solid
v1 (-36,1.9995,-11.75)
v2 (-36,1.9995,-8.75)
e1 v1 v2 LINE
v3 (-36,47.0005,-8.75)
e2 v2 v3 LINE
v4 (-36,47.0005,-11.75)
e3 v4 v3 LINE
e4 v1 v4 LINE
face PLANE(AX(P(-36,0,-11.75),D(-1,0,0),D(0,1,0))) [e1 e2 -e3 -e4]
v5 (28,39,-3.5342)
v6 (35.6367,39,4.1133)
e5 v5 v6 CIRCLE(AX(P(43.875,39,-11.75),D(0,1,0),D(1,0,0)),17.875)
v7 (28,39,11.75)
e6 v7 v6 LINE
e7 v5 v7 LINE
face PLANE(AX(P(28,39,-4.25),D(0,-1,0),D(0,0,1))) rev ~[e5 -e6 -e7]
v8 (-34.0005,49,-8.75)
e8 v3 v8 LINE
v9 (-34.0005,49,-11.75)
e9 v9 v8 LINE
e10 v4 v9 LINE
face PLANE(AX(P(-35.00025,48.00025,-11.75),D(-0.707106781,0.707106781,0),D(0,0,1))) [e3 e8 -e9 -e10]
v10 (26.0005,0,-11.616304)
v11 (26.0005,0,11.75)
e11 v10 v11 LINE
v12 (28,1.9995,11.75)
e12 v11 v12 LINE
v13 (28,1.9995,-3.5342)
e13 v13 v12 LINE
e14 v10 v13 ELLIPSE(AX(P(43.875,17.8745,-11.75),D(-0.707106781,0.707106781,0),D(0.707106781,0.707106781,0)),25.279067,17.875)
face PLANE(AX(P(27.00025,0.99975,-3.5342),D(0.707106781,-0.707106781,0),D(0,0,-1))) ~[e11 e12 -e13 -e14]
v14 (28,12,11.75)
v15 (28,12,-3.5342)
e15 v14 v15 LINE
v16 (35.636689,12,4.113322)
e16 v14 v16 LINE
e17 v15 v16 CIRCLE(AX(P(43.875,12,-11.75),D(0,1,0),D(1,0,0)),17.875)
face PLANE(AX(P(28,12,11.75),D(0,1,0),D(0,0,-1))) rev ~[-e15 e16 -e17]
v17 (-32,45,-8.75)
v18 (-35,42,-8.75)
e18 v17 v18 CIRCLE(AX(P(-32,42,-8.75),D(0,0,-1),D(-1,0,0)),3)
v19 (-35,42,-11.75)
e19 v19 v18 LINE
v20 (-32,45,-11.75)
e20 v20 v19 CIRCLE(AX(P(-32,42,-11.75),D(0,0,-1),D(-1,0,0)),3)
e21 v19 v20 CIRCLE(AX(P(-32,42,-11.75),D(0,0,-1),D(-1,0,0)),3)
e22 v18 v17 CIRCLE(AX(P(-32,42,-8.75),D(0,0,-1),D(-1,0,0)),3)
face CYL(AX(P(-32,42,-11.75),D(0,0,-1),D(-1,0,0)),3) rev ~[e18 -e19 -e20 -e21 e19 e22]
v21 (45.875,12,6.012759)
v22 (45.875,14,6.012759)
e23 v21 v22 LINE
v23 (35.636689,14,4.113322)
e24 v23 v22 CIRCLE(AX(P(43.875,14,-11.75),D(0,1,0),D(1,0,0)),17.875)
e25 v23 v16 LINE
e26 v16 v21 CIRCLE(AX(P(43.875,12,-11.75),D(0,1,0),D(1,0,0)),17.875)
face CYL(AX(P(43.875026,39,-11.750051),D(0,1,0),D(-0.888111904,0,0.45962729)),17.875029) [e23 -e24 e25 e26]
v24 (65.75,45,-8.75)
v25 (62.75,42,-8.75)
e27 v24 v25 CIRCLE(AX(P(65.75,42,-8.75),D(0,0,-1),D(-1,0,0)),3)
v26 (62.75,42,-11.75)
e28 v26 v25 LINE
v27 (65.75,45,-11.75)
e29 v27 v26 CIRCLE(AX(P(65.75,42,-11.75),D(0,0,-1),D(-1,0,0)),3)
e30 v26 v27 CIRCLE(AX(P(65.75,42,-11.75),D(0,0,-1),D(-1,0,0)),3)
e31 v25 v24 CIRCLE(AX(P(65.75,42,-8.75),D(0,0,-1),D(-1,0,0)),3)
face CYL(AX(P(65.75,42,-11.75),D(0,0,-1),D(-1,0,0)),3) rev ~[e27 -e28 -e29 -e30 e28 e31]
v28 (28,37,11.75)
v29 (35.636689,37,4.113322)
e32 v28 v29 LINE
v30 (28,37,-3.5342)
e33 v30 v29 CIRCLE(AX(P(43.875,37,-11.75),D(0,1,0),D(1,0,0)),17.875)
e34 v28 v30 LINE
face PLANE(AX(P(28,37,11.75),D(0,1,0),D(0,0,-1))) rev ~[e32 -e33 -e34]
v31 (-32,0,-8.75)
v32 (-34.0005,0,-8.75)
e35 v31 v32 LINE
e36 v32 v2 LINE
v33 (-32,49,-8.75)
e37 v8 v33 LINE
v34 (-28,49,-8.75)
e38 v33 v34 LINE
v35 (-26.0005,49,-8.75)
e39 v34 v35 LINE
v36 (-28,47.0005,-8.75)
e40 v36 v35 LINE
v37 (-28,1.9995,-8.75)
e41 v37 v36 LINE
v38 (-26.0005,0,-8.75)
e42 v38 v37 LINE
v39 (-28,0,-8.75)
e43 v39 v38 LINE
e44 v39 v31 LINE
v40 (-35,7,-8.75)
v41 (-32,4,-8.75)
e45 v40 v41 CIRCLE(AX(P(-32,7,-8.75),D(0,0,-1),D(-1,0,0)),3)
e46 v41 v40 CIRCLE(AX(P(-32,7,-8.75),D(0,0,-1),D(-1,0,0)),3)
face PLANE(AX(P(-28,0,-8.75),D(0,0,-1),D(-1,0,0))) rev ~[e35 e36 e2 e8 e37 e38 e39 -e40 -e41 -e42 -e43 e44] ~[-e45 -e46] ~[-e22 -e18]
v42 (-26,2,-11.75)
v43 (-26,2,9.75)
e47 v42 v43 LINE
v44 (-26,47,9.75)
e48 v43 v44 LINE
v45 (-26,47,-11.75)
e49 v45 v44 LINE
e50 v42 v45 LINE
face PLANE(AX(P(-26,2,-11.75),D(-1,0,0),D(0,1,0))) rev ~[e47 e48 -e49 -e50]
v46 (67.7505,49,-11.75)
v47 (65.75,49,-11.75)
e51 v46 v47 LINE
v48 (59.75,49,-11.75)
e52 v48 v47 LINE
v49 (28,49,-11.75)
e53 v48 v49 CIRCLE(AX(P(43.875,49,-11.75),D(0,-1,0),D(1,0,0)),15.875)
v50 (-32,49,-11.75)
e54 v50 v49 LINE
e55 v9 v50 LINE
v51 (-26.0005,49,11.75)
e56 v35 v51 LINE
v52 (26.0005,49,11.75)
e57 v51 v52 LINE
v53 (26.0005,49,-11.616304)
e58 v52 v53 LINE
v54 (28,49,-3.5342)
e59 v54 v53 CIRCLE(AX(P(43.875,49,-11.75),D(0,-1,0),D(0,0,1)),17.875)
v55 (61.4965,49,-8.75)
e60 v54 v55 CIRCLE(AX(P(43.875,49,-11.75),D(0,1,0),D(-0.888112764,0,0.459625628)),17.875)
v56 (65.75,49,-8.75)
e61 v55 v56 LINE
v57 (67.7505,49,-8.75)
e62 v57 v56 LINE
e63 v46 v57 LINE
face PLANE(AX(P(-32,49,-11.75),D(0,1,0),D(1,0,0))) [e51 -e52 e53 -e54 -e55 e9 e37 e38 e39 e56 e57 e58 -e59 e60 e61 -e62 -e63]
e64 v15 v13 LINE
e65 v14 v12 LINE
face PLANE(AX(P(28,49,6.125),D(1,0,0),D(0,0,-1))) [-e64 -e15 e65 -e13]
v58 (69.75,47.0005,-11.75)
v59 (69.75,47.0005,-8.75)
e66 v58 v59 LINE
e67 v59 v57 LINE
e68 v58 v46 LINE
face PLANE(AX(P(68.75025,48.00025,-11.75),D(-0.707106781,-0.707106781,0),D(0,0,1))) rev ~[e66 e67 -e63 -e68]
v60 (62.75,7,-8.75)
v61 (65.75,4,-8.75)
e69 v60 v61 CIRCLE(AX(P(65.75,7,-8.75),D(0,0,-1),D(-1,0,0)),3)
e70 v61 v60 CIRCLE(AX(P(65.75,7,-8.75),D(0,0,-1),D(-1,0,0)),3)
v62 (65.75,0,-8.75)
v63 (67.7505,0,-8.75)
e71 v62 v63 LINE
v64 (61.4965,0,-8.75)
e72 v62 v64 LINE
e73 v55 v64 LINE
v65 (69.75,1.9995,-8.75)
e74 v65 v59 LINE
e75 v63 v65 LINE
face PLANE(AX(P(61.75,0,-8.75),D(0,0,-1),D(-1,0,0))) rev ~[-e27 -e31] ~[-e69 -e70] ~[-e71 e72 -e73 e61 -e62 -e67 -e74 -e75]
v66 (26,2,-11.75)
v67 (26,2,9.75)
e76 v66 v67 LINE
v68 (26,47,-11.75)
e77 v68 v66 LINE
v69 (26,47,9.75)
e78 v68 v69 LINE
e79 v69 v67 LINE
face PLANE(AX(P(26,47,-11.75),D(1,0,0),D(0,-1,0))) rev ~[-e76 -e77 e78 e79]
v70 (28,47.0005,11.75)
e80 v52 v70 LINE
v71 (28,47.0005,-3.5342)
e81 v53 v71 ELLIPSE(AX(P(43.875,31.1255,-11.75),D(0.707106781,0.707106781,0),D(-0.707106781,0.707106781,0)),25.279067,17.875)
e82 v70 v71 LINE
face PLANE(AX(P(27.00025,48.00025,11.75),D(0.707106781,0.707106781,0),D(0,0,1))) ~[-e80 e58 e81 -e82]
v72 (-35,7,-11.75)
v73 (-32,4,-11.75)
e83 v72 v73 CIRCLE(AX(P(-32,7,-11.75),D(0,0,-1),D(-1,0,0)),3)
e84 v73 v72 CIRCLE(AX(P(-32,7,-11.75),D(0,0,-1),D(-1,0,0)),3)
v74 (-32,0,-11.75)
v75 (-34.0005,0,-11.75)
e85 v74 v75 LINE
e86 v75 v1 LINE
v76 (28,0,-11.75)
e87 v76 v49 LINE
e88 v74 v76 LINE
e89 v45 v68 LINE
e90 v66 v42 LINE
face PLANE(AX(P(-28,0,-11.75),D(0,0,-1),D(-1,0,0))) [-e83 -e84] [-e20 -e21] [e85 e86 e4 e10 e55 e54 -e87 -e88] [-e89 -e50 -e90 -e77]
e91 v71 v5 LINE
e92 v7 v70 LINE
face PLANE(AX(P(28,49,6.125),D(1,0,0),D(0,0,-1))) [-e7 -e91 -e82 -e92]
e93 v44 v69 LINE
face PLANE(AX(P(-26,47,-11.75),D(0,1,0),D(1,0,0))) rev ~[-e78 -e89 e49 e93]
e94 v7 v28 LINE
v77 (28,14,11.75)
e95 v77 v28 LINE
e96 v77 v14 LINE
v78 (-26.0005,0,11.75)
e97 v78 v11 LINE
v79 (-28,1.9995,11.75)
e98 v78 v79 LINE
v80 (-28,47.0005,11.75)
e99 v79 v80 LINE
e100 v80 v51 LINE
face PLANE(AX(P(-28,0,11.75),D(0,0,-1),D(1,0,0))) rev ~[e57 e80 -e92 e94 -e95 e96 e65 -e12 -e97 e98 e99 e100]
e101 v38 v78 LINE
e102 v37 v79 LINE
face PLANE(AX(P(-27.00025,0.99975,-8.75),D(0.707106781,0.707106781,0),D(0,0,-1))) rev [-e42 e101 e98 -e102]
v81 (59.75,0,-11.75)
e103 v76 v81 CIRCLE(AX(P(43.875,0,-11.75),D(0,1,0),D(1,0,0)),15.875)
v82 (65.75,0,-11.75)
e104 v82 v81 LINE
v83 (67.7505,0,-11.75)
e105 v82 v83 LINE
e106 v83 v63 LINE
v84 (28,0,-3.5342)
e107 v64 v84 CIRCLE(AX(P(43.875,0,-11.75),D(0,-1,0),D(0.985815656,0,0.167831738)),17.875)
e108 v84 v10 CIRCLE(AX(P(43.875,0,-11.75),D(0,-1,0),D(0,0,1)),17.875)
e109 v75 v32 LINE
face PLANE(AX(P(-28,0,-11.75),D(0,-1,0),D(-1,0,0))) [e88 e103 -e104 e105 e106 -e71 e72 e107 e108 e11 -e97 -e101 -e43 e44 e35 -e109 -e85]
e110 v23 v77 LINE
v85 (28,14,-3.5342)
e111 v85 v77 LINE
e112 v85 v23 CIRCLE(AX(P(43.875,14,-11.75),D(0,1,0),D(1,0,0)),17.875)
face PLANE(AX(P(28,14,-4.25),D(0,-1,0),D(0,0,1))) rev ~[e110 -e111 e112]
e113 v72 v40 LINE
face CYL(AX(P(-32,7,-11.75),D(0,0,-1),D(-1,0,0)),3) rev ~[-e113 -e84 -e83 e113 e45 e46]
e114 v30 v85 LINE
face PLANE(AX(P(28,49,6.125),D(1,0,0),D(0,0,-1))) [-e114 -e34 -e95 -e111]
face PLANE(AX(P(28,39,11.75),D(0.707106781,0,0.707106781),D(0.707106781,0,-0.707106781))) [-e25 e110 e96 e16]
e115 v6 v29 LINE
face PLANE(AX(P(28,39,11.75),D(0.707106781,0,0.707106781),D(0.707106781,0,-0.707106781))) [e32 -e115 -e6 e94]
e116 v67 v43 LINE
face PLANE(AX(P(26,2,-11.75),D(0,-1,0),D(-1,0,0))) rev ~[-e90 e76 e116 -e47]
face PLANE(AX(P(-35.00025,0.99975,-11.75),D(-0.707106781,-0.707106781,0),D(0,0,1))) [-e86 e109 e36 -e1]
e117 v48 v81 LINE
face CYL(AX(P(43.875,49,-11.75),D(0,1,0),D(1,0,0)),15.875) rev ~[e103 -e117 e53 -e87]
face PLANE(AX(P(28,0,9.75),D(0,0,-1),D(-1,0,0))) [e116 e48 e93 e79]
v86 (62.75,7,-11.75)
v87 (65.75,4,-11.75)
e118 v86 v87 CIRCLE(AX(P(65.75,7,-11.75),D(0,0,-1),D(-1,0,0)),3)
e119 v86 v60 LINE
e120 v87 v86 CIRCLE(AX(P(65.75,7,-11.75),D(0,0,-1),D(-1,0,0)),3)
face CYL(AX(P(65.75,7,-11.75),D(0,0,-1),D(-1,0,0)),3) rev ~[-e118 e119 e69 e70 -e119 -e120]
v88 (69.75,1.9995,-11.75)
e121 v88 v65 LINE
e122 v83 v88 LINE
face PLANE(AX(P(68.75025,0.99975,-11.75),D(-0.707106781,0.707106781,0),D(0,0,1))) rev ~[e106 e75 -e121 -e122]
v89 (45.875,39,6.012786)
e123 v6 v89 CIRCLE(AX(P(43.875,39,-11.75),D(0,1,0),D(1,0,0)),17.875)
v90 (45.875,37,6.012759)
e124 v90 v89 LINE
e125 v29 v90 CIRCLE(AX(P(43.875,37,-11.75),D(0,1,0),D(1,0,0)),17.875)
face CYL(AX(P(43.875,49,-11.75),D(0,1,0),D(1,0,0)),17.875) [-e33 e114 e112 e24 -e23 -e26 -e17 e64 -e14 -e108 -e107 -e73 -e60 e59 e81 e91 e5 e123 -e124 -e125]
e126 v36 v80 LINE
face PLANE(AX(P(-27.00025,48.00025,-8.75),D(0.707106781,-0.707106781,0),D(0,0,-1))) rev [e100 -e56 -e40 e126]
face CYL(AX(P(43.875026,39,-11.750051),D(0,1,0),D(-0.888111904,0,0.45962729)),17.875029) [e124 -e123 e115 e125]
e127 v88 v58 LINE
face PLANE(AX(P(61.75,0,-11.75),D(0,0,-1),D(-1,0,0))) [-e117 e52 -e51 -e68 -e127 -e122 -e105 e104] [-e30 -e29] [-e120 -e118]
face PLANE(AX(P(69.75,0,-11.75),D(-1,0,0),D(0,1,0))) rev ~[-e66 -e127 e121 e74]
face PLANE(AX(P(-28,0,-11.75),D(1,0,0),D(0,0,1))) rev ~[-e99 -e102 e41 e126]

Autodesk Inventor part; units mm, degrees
ref_plane "YZ Plane" through (0, 0, 0) normal (1, 0, 0) x (0, 1, 0)
ref_plane "XZ Plane" through (0, 0, 0) normal (0, 1, 0) x (-1, 0, 0)
ref_plane "XY Plane" through (0, 0, 0) normal (0, 0, 1) x (1, 0, 0)
sketch "Esboço1" plane through (0, 0, 0) normal (0, 1, 0) x (-1, 0, 0)
  line L0 (-28, -11.75) -> (28, -11.75)
  line L1 (28, -11.75) -> (28, 11.75)
  line L2 (28, 11.75) -> (-28, 11.75)
  line L3 (-28, 11.75) -> (-28, -11.75)
  line L4 (-28, -11.75) -> (28, 11.75) construction
  line L5 (28, -11.75) -> (-28, 11.75) construction
  point P0 (0, 0)
  dimension "d0" = 56
  dimension "d1" = 23.5
extrude "Extrusão1" add sketch "Esboço1" along normal blind 49
sketch "Esboço2" plane through (28, 0, -11.75) normal (0, 0, -1) x (-1, 0, 0)
  line L0 (0, 49) -> (56, 49) projected
  line L1 (0, 49) -> (-33.75, 49)
  line L2 (-33.75, 49) -> (-33.75, 0)
  line L3 (0, 0) -> (56, 0) projected
  line L4 (-33.75, 0) -> (0, 0)
  line L5 (0, 0) -> (0, 49)
  point P0 (28, 0)
  dimension "d4" = 33.75
extrude "Extrusão2" add sketch "Esboço2" against normal blind 17.875
sketch "Esboço3" plane through (0, 49, 0) normal (0, 1, 0) x (1, 0, 0)
  line L0 (-28, 11.75) -> (61.75, 11.75) projected
  line L1 (61.75, 11.75) -> (59.75, 11.75)
  line L2 (59.75, 11.75) -> (43.875, 11.75)
  circle A0 centre (43.875, 11.75) radius 15.875
  point P0 (0, 0)
  dimension "d7" = 2
  dimension "d8" = 15.875
extrude "Extrusão3" cut sketch "Esboço3" against normal blind 49
sketch "Esboço4" plane through (61.75, 0, -11.75) normal (0, 0, -1) x (-1, 0, 0)
  line L0 (0, 49) -> (33.75, 49) projected
  line L1 (33.75, 0) -> (0, 0) projected
  line L2 (0, 49) -> (0, 0)
  line L3 (0, 0) -> (-8, 0)
  line L4 (-8, 0) -> (-8, 49)
  line L5 (-8, 49) -> (0, 49)
  line L6 (-4, 0) -> (-4, 7)
  line L7 (-4, 49) -> (-4, 42)
  circle A0 centre (-4, 42) radius 3
  circle A1 centre (-4, 7) radius 3
  point P0 (61.75, 0)
  dimension "d11" = 8
  dimension "d12" = 7
  dimension "d13" = 7
  dimension "d14" = 6
  dimension "d15" = 6
extrude "Extrusão4" add sketch "Esboço4" against normal blind 3
sketch "Esboço5" plane through (0, 49, 0) normal (0, 1, 0) x (1, 0, 0)
  arc A0 (28, 11.75) -> (59.75, 11.75) centre (43.875, 11.75) ccw projected
  circle A1 centre (43.875, 11.75) radius 17.875
  line L0 (61.75, -6.125) -> (28, -6.125) projected
  line L1 (69.75, 8.75) -> (61.75, 8.75) projected
  line L2 (61.75, 8.75) -> (61.4965, 8.75)
  line L3 (61.75, 8.75) -> (61.75, -6.125)
  line L4 (43.875, -6.125) -> (61.75, -6.125)
  line L5 (28, -11.75) -> (28, -6.125) projected
  line L6 (43.875, -6.125) -> (28, -6.125)
  line L7 (28, -6.125) -> (28, 3.5342)
  point P0 (0, 0)
extrude "Extrusão5" cut sketch "Esboço5" against normal blind 49 contours A1 L0 L7 | L2 L3 L0 A1
sketch "Esboço6" plane through (-28, 0, -11.75) normal (0, 0, -1) x (-1, 0, 0)
  line L0 (0, 0) -> (0, 49) projected
  line L1 (0, 49) -> (0, 0)
  line L2 (0, 0) -> (8, 0)
  line L3 (8, 0) -> (8, 49)
  line L4 (8, 49) -> (0, 49)
  line L5 (4, 49) -> (4, 42)
  line L6 (4, 0) -> (4, 7)
  circle A0 centre (4, 7) radius 3
  circle A1 centre (4, 42) radius 3
  point P0 (-28, 0)
  dimension "d20" = 8
  dimension "d21" = 7
  dimension "d22" = 7
  dimension "d23" = 6
  dimension "d24" = 6
extrude "Extrusão6" add sketch "Esboço6" against normal blind 3
sketch "Esboço8" plane through (28, 0, -11.75) normal (0, 0, -1) x (-1, 0, 0)
  line L0 (0, 49) -> (0, 0) projected
  line L1 (0, 49) -> (0, 47)
  line L2 (0, 47) -> (2, 47)
  line L3 (2, 47) -> (2, 2)
  line L4 (2, 47) -> (47, 47) construction
  line L5 (2, 2) -> (54, 2)
  line L6 (2, 2) -> (54, 2) construction
  line L7 (54, 2) -> (54, 47)
  line L8 (54, 47) -> (2, 47)
  point P0 (28, 0)
  dimension "d27" = 2
  dimension "d28" = 2
  dimension "d29" = 45
  dimension "d30" = 90
  dimension "d31" = 52
  dimension "d32" = 0
extrude "Extrusão7" cut sketch "Esboço8" against normal blind 21.5
sketch "Esboço10" plane through (28, 0, 11.75) normal (1, 0, 0) x (0, 0, -1)
  line L0 (0, 0) -> (0, 49) projected
  line L1 (0, 49) -> (0, 37)
  line L2 (0, 0) -> (0, 12)
  line L3 (0, 12) -> (16, 12)
  line L4 (16, 12) -> (16, 14)
  line L5 (16, 14) -> (0, 14)
  line L6 (0, 12) -> (0, 14)
  line L7 (0, 37) -> (16, 37)
  line L8 (16, 37) -> (16, 39)
  line L9 (16, 39) -> (0, 39)
  point P0 (11.75, 0)
  dimension "d38" = 12
  dimension "d41" = 12
  dimension "d42" = 16
  dimension "d43" = 2
  dimension "d44" = 16
  dimension "d45" = 2
extrude "Extrusão9" add sketch "Esboço10" along normal blind 17.875
sketch "Esboço11" plane through (28, 39, 11.75) normal (0, 1, 0) x (1, 0, 0)
  arc A0 (0, 15.2842) -> (33.4965, 20.5) centre (15.875, 23.5) ccw projected
  arc A1 (0, 23.5) -> (31.75, 23.5) centre (15.875, 23.5) ccw projected
  line L0 (17.875, 0) -> (17.875, 5.7372) projected
  line L1 (17.875, 5.7372) -> (17.875, 0)
  line L2 (0, 0) -> (17.875, 0) projected
  line L3 (17.875, 0) -> (0, 0)
  line L4 (0, 0) -> (7.6367, 7.6367)
  arc A2 (0, 15.2842) -> (17.875, 5.7372) centre (15.875, 23.5) ccw projected
  arc A3 (7.6367, 7.6367) -> (17.875, 5.7372) centre (15.875, 23.5) ccw
  line L5 (1.8834, 16) -> (17.875, 16) projected
  line L6 (1.8834, 16) -> (17.875, 16)
  line L7 (17.875, 16) -> (17.875, 7.7515) projected
  line L8 (17.875, 16) -> (17.875, 7.7515)
  arc A4 (1.8834, 16) -> (17.875, 7.7515) centre (15.875, 23.5) ccw
  point P0 (-28, 11.75)
  dimension "d48" = 45
extrude "Extrusão10" cut sketch "Esboço11" against normal blind 27.875
chamfer "Chanfro1" distance 2 angle 45 8 edges at (28, 49, 4.1079) (28, 0, 4.1079) (-28, 0, 1.5) (-28, 49, 1.5) (69.75, 49, -10.25) (69.75, 0, -10.25) (-36, 49, -10.25) (-36, 0, -10.25)
properties part number "KS  Dianteiro Front"
